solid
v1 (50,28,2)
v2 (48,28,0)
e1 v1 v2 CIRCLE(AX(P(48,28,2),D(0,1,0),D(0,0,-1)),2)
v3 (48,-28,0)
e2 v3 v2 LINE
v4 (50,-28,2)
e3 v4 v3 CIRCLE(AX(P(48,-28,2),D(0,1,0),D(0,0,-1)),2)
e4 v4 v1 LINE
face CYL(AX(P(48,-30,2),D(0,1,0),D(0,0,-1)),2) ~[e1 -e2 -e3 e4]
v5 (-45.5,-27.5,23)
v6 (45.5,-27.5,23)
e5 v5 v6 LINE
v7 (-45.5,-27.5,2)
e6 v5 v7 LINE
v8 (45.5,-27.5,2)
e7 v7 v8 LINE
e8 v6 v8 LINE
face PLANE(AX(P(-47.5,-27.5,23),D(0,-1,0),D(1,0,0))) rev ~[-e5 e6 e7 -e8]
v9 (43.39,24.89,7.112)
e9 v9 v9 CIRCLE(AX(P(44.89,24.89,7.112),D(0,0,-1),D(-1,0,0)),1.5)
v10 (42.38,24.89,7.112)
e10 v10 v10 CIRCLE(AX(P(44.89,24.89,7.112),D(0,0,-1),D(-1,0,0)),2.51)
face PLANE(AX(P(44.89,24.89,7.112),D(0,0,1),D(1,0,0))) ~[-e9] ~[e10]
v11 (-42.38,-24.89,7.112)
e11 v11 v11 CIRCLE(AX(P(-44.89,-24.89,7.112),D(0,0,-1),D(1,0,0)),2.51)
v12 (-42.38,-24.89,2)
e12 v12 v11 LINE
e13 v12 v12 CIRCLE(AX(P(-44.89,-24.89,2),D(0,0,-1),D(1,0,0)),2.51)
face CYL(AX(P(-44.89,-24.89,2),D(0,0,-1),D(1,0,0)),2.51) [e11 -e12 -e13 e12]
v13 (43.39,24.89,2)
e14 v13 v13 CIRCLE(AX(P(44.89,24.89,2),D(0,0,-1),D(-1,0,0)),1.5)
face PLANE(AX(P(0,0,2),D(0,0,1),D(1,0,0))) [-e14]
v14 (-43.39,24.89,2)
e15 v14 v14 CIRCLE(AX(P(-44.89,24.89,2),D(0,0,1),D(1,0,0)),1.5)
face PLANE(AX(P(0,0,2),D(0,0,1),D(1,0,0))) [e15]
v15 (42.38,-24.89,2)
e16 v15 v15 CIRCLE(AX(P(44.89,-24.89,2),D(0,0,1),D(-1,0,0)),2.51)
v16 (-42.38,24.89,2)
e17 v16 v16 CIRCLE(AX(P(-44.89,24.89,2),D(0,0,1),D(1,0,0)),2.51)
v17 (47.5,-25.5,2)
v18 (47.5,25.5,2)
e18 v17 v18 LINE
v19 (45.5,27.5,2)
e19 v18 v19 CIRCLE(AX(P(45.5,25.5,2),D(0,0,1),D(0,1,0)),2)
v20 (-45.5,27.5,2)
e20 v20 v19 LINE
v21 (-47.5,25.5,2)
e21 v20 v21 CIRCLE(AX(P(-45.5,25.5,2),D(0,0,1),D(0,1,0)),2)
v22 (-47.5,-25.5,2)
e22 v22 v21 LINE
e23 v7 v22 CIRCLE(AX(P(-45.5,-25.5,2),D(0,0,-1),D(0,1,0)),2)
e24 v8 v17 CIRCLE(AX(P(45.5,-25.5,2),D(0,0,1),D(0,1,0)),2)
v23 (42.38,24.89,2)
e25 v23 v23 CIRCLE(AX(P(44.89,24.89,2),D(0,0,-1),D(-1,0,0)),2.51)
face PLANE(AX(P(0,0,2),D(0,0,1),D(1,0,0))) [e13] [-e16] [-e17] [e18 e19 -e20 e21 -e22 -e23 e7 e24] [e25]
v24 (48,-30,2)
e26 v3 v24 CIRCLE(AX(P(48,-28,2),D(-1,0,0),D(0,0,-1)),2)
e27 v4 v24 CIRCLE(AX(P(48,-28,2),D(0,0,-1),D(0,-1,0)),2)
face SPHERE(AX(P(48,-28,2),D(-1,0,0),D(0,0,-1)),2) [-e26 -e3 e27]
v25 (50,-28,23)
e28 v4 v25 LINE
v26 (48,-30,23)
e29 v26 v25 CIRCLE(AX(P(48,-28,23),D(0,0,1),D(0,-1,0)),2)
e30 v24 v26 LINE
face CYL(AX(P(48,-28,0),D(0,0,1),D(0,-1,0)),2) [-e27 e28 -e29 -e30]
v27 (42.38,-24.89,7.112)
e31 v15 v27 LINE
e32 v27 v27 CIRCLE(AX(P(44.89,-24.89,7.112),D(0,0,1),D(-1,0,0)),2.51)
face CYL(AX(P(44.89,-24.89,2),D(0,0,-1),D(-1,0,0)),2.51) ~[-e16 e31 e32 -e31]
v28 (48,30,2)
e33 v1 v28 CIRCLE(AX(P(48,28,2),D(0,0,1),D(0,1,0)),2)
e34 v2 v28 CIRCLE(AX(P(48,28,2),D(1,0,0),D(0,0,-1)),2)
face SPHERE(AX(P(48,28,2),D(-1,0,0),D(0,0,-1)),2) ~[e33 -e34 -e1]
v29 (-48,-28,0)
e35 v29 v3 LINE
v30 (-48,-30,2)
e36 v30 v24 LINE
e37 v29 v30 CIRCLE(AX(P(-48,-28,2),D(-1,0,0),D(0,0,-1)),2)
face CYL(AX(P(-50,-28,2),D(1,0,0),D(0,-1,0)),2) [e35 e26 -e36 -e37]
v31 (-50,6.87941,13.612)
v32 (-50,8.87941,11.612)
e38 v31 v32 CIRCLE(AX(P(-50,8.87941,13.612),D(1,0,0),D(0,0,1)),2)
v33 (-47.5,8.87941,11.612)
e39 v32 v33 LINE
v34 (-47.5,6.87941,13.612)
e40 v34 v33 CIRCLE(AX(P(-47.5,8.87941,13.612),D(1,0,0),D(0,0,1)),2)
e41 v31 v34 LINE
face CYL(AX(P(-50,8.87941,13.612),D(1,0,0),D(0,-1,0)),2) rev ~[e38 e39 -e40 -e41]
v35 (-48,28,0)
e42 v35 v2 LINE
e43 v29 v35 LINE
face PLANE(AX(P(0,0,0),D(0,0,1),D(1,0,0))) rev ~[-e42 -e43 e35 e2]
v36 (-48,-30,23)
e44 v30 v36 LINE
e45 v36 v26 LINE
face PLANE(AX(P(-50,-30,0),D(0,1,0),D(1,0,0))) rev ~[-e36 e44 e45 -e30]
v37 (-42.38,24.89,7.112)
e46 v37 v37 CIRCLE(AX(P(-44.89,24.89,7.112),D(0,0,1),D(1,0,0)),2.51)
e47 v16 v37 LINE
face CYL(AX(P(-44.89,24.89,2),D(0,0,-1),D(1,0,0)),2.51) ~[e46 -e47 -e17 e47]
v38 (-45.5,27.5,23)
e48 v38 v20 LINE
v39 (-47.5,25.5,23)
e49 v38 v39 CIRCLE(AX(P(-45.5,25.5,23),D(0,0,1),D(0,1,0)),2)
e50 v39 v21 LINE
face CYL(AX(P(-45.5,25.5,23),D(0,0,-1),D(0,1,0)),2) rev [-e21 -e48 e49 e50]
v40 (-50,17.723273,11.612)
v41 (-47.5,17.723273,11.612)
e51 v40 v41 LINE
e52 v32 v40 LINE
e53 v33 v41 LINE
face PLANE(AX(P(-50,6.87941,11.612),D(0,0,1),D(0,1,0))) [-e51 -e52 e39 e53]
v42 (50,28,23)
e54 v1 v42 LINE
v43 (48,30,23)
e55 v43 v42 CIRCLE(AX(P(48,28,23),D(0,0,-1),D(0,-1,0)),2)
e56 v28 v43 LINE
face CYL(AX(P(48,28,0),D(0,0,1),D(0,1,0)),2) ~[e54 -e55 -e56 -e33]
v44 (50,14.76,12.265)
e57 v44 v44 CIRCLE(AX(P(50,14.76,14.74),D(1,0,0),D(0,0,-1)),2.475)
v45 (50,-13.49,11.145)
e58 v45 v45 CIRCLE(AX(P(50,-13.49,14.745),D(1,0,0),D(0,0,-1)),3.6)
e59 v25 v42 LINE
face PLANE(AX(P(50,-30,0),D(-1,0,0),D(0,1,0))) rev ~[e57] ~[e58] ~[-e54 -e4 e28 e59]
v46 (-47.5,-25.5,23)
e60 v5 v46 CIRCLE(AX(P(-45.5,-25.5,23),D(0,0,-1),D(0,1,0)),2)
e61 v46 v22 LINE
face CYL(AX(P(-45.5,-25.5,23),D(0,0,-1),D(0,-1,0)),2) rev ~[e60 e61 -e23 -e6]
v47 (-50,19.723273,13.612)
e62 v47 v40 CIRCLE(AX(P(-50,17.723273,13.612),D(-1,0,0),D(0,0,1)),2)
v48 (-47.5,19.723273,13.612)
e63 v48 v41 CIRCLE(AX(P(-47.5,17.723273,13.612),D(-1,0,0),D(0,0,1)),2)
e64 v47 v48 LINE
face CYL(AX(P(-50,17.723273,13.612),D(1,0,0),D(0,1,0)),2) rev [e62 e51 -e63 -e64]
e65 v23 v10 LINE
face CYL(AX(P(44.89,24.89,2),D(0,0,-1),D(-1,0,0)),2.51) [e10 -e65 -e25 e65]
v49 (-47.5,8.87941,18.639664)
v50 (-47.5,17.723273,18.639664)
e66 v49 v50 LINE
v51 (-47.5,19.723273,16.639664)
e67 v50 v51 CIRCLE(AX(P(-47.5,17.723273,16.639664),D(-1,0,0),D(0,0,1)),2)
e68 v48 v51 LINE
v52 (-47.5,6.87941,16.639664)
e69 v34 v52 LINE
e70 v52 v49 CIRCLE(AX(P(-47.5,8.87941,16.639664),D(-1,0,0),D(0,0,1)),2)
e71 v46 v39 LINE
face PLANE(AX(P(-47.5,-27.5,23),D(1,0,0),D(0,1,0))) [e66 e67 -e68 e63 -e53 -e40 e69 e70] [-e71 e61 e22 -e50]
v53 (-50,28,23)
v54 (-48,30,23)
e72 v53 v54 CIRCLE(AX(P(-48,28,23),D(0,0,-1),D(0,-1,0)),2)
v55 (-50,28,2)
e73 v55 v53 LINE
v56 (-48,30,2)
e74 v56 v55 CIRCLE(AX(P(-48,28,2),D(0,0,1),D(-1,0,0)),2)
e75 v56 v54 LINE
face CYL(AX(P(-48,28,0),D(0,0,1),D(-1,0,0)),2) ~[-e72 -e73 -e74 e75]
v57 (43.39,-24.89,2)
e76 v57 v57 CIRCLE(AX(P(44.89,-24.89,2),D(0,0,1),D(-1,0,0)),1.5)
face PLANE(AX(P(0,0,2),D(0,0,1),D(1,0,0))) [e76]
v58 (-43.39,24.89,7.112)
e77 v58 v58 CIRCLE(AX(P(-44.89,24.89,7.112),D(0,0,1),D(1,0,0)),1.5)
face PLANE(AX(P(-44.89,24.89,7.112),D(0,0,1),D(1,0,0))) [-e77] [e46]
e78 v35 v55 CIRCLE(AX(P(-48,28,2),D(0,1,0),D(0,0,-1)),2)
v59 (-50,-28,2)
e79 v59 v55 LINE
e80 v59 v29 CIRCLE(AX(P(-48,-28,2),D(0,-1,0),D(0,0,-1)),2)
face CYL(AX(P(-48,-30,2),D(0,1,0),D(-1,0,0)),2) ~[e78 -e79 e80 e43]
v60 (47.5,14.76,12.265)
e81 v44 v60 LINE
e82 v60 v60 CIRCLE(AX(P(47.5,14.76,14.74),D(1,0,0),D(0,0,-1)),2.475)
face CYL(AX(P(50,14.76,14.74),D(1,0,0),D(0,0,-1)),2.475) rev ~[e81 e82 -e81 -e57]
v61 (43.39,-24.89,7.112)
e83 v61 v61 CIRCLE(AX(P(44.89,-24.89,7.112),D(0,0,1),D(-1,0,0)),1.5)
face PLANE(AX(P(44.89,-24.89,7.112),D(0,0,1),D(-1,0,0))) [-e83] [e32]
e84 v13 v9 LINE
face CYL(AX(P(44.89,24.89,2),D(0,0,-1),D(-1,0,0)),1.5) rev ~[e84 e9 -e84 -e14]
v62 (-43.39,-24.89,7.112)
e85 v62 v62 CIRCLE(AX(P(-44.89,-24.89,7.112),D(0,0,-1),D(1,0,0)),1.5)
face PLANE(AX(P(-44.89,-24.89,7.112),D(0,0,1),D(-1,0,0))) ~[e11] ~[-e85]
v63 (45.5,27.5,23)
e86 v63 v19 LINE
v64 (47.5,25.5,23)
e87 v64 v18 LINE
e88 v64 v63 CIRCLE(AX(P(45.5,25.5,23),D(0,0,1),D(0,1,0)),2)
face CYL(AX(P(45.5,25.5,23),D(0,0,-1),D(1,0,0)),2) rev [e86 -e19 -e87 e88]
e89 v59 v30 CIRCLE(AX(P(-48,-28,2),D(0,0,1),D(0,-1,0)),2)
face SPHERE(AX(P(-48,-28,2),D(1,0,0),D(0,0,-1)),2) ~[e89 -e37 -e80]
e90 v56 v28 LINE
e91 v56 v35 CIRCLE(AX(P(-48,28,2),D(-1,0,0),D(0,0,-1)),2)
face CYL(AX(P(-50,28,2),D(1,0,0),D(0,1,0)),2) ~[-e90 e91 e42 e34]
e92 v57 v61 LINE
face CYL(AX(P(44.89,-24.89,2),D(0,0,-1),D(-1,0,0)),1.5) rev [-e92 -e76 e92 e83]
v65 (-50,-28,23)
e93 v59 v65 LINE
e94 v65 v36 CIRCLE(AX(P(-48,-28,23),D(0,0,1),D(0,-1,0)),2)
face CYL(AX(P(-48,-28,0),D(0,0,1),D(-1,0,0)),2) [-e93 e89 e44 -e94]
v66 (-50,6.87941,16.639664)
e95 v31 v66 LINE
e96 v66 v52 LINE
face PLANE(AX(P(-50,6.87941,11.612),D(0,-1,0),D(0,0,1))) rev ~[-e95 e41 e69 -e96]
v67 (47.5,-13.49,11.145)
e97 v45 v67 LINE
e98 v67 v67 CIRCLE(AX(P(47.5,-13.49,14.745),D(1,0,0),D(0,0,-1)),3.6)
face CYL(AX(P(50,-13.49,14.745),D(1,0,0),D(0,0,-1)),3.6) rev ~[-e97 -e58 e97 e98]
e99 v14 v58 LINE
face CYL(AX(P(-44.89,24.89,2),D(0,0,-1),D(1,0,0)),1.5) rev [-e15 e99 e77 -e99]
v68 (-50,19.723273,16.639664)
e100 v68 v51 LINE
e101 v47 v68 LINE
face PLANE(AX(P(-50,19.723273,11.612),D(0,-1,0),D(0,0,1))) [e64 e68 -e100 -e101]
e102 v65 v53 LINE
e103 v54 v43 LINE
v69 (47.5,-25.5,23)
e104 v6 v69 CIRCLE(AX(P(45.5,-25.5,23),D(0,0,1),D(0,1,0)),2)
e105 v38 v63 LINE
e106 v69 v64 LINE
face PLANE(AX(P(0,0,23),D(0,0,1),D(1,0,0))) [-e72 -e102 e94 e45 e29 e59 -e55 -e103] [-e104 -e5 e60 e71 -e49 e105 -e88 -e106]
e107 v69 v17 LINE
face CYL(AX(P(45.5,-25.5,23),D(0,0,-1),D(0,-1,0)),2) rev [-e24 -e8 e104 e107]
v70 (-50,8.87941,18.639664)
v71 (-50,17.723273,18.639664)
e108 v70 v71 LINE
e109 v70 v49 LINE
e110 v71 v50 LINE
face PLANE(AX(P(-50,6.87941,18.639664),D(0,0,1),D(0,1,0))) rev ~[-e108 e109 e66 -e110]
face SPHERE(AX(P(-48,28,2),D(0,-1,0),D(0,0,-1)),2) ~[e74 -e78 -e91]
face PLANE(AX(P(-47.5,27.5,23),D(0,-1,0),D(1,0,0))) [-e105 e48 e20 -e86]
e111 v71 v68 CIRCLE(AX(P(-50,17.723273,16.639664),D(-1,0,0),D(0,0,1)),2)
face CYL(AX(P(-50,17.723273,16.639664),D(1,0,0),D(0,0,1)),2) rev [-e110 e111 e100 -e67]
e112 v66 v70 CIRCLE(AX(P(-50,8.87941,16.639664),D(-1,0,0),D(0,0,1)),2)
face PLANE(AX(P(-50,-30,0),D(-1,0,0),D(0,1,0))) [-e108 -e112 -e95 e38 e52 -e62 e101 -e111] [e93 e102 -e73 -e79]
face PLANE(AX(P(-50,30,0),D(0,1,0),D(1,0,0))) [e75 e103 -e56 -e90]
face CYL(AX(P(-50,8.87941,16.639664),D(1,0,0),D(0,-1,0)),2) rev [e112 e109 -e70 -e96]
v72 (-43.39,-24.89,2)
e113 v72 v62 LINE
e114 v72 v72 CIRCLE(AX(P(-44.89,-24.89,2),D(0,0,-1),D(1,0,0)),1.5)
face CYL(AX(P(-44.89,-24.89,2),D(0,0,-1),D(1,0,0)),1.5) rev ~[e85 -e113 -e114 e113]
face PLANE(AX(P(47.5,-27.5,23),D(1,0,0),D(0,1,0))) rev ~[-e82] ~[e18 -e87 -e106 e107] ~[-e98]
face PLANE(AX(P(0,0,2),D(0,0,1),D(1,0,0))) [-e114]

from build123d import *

# Parameters (mm, degrees)
SKETCH1_W                 = 100
SKETCH1_H                 = 60
BOSS_EXTRUDE1_DEPTH       = 23
SKETCH2_W                 = 95
SKETCH2_H                 = 55
CUT_EXTRUDE1_DEPTH        = 21
SKETCH3_R                 = 2.51
SKETCH3_R_2               = 1.5
BOSS_EXTRUDE6_DEPTH       = 5.112
MIRROR2_COPY_1_SKETCH_R   = 2.51
MIRROR2_COPY_1_SKETCH_R_2 = 1.5
MIRROR2_COPY_1_DEPTH      = 5.112
FILLET1_R                 = 2
CUT_EXTRUDE2_REACH        = 108.907
SKETCH4_W                 = 7.027664142
SKETCH4_H                 = 12.843863723
FILLET2_R                 = 2
CUT_EXTRUDE3_REACH        = 108.907
SKETCH5_R                 = 3.6
SKETCH5_R_2               = 2.475


with BuildPart() as part:
    # Sketch1 → Boss-Extrude1 (new body)
    with BuildSketch(Plane.XY):
        Rectangle(SKETCH1_W, SKETCH1_H)
    extrude(amount=BOSS_EXTRUDE1_DEPTH)

    # Sketch2 → Cut-Extrude1 (cut)
    with BuildSketch(Plane.XY.offset(23)):
        Rectangle(SKETCH2_W, SKETCH2_H)
    extrude(amount=-CUT_EXTRUDE1_DEPTH, mode=Mode.SUBTRACT)

    # Sketch3 → Boss-Extrude6 (add)
    with BuildSketch(Plane.XY.offset(2)):
        with Locations((-44.89, 24.89)):
            Circle(SKETCH3_R)
        with Locations((-44.89, 24.89)):
            Circle(SKETCH3_R_2, mode=Mode.SUBTRACT)
    boss_extrude6 = extrude(amount=BOSS_EXTRUDE6_DEPTH)

    # Mirror1: Boss-Extrude6 across plane
    add(boss_extrude6.mirror(Plane.ZX))

    # Mirror2: Boss-Extrude6 across plane
    add(boss_extrude6.mirror(Plane(origin=(0, 0, 0), x_dir=(0, 0, 1), z_dir=(1, 0, 0))))

    # Mirror2 copy 1 sketch → Mirror2 copy 1 (add)
    with BuildSketch(Plane(origin=(0, 0, 2), x_dir=(-1, 0, 0), z_dir=(0, 0, 1))):
        with Locations((-44.89, 24.89)):
            Circle(MIRROR2_COPY_1_SKETCH_R)
        with Locations((-44.89, 24.89)):
            Circle(MIRROR2_COPY_1_SKETCH_R_2, mode=Mode.SUBTRACT)
    extrude(amount=MIRROR2_COPY_1_DEPTH)

    # Fillet1
    fillet1_edges = [part.edges().sort_by_distance(p)[0] for p in [
        (-47.5, 27.5, 12.5),
        (47.5, 27.5, 12.5),
        (47.5, -27.5, 12.5),
        (-47.5, -27.5, 12.5),
        (0, -30, 0),
        (-50, 0, 0),
        (0, 30, 0),
        (50, 0, 0),
        (50, -30, 11.5),
        (-50, -30, 11.5),
        (-50, 30, 11.5),
        (50, 30, 11.5),
    ]]
    fillet(fillet1_edges, radius=FILLET1_R)

    # Sketch4 → Cut-Extrude2 (cut, up to next)
    with BuildSketch(Plane.ZY.offset(50), mode=Mode.PRIVATE) as cut_extrude2_sk1:
        with Locations((15.125832071, 13.30134155)):
            Rectangle(SKETCH4_W, SKETCH4_H)
    cut_extrude2_tool1 = extrude(cut_extrude2_sk1.sketch, amount=-CUT_EXTRUDE2_REACH, mode=Mode.PRIVATE) & part.part
    add(cut_extrude2_tool1.solids().sort_by_distance((-50, 13.301342, 15.125832))[0], mode=Mode.SUBTRACT)

    # Fillet2
    fillet2_edges = [part.edges().sort_by_distance(p)[0] for p in [
        (-48.75, 19.723273411, 11.612),
        (-48.75, 6.879409688, 11.612),
        (-48.75, 6.879409688, 18.639664142),
        (-48.75, 19.723273411, 18.639664142),
    ]]
    fillet(fillet2_edges, radius=FILLET2_R)

    # Sketch5 → Cut-Extrude3 (cut, up to next)
    with BuildSketch(Plane(origin=(50, 0, 0), x_dir=(0, 0, -1), z_dir=(1, 0, 0)), mode=Mode.PRIVATE) as cut_extrude3_sk1:
        with Locations((-14.745, -13.49)):
            Circle(SKETCH5_R)
    cut_extrude3_tool1 = extrude(cut_extrude3_sk1.sketch, amount=-CUT_EXTRUDE3_REACH, mode=Mode.PRIVATE) & part.part
    # Sketch5 → Cut-Extrude3 (cut, up to next)
    with BuildSketch(Plane(origin=(50, 0, 0), x_dir=(0, 0, -1), z_dir=(1, 0, 0)), mode=Mode.PRIVATE) as cut_extrude3_sk2:
        with Locations((-14.74, 14.76)):
            Circle(SKETCH5_R_2)
    cut_extrude3_tool2 = extrude(cut_extrude3_sk2.sketch, amount=-CUT_EXTRUDE3_REACH, mode=Mode.PRIVATE) & part.part
    add(cut_extrude3_tool1.solids().sort_by_distance((50, -13.49, 14.745))[0], mode=Mode.SUBTRACT)
    add(cut_extrude3_tool2.solids().sort_by_distance((50, 14.76, 14.74))[0], mode=Mode.SUBTRACT)


solid = part.part
